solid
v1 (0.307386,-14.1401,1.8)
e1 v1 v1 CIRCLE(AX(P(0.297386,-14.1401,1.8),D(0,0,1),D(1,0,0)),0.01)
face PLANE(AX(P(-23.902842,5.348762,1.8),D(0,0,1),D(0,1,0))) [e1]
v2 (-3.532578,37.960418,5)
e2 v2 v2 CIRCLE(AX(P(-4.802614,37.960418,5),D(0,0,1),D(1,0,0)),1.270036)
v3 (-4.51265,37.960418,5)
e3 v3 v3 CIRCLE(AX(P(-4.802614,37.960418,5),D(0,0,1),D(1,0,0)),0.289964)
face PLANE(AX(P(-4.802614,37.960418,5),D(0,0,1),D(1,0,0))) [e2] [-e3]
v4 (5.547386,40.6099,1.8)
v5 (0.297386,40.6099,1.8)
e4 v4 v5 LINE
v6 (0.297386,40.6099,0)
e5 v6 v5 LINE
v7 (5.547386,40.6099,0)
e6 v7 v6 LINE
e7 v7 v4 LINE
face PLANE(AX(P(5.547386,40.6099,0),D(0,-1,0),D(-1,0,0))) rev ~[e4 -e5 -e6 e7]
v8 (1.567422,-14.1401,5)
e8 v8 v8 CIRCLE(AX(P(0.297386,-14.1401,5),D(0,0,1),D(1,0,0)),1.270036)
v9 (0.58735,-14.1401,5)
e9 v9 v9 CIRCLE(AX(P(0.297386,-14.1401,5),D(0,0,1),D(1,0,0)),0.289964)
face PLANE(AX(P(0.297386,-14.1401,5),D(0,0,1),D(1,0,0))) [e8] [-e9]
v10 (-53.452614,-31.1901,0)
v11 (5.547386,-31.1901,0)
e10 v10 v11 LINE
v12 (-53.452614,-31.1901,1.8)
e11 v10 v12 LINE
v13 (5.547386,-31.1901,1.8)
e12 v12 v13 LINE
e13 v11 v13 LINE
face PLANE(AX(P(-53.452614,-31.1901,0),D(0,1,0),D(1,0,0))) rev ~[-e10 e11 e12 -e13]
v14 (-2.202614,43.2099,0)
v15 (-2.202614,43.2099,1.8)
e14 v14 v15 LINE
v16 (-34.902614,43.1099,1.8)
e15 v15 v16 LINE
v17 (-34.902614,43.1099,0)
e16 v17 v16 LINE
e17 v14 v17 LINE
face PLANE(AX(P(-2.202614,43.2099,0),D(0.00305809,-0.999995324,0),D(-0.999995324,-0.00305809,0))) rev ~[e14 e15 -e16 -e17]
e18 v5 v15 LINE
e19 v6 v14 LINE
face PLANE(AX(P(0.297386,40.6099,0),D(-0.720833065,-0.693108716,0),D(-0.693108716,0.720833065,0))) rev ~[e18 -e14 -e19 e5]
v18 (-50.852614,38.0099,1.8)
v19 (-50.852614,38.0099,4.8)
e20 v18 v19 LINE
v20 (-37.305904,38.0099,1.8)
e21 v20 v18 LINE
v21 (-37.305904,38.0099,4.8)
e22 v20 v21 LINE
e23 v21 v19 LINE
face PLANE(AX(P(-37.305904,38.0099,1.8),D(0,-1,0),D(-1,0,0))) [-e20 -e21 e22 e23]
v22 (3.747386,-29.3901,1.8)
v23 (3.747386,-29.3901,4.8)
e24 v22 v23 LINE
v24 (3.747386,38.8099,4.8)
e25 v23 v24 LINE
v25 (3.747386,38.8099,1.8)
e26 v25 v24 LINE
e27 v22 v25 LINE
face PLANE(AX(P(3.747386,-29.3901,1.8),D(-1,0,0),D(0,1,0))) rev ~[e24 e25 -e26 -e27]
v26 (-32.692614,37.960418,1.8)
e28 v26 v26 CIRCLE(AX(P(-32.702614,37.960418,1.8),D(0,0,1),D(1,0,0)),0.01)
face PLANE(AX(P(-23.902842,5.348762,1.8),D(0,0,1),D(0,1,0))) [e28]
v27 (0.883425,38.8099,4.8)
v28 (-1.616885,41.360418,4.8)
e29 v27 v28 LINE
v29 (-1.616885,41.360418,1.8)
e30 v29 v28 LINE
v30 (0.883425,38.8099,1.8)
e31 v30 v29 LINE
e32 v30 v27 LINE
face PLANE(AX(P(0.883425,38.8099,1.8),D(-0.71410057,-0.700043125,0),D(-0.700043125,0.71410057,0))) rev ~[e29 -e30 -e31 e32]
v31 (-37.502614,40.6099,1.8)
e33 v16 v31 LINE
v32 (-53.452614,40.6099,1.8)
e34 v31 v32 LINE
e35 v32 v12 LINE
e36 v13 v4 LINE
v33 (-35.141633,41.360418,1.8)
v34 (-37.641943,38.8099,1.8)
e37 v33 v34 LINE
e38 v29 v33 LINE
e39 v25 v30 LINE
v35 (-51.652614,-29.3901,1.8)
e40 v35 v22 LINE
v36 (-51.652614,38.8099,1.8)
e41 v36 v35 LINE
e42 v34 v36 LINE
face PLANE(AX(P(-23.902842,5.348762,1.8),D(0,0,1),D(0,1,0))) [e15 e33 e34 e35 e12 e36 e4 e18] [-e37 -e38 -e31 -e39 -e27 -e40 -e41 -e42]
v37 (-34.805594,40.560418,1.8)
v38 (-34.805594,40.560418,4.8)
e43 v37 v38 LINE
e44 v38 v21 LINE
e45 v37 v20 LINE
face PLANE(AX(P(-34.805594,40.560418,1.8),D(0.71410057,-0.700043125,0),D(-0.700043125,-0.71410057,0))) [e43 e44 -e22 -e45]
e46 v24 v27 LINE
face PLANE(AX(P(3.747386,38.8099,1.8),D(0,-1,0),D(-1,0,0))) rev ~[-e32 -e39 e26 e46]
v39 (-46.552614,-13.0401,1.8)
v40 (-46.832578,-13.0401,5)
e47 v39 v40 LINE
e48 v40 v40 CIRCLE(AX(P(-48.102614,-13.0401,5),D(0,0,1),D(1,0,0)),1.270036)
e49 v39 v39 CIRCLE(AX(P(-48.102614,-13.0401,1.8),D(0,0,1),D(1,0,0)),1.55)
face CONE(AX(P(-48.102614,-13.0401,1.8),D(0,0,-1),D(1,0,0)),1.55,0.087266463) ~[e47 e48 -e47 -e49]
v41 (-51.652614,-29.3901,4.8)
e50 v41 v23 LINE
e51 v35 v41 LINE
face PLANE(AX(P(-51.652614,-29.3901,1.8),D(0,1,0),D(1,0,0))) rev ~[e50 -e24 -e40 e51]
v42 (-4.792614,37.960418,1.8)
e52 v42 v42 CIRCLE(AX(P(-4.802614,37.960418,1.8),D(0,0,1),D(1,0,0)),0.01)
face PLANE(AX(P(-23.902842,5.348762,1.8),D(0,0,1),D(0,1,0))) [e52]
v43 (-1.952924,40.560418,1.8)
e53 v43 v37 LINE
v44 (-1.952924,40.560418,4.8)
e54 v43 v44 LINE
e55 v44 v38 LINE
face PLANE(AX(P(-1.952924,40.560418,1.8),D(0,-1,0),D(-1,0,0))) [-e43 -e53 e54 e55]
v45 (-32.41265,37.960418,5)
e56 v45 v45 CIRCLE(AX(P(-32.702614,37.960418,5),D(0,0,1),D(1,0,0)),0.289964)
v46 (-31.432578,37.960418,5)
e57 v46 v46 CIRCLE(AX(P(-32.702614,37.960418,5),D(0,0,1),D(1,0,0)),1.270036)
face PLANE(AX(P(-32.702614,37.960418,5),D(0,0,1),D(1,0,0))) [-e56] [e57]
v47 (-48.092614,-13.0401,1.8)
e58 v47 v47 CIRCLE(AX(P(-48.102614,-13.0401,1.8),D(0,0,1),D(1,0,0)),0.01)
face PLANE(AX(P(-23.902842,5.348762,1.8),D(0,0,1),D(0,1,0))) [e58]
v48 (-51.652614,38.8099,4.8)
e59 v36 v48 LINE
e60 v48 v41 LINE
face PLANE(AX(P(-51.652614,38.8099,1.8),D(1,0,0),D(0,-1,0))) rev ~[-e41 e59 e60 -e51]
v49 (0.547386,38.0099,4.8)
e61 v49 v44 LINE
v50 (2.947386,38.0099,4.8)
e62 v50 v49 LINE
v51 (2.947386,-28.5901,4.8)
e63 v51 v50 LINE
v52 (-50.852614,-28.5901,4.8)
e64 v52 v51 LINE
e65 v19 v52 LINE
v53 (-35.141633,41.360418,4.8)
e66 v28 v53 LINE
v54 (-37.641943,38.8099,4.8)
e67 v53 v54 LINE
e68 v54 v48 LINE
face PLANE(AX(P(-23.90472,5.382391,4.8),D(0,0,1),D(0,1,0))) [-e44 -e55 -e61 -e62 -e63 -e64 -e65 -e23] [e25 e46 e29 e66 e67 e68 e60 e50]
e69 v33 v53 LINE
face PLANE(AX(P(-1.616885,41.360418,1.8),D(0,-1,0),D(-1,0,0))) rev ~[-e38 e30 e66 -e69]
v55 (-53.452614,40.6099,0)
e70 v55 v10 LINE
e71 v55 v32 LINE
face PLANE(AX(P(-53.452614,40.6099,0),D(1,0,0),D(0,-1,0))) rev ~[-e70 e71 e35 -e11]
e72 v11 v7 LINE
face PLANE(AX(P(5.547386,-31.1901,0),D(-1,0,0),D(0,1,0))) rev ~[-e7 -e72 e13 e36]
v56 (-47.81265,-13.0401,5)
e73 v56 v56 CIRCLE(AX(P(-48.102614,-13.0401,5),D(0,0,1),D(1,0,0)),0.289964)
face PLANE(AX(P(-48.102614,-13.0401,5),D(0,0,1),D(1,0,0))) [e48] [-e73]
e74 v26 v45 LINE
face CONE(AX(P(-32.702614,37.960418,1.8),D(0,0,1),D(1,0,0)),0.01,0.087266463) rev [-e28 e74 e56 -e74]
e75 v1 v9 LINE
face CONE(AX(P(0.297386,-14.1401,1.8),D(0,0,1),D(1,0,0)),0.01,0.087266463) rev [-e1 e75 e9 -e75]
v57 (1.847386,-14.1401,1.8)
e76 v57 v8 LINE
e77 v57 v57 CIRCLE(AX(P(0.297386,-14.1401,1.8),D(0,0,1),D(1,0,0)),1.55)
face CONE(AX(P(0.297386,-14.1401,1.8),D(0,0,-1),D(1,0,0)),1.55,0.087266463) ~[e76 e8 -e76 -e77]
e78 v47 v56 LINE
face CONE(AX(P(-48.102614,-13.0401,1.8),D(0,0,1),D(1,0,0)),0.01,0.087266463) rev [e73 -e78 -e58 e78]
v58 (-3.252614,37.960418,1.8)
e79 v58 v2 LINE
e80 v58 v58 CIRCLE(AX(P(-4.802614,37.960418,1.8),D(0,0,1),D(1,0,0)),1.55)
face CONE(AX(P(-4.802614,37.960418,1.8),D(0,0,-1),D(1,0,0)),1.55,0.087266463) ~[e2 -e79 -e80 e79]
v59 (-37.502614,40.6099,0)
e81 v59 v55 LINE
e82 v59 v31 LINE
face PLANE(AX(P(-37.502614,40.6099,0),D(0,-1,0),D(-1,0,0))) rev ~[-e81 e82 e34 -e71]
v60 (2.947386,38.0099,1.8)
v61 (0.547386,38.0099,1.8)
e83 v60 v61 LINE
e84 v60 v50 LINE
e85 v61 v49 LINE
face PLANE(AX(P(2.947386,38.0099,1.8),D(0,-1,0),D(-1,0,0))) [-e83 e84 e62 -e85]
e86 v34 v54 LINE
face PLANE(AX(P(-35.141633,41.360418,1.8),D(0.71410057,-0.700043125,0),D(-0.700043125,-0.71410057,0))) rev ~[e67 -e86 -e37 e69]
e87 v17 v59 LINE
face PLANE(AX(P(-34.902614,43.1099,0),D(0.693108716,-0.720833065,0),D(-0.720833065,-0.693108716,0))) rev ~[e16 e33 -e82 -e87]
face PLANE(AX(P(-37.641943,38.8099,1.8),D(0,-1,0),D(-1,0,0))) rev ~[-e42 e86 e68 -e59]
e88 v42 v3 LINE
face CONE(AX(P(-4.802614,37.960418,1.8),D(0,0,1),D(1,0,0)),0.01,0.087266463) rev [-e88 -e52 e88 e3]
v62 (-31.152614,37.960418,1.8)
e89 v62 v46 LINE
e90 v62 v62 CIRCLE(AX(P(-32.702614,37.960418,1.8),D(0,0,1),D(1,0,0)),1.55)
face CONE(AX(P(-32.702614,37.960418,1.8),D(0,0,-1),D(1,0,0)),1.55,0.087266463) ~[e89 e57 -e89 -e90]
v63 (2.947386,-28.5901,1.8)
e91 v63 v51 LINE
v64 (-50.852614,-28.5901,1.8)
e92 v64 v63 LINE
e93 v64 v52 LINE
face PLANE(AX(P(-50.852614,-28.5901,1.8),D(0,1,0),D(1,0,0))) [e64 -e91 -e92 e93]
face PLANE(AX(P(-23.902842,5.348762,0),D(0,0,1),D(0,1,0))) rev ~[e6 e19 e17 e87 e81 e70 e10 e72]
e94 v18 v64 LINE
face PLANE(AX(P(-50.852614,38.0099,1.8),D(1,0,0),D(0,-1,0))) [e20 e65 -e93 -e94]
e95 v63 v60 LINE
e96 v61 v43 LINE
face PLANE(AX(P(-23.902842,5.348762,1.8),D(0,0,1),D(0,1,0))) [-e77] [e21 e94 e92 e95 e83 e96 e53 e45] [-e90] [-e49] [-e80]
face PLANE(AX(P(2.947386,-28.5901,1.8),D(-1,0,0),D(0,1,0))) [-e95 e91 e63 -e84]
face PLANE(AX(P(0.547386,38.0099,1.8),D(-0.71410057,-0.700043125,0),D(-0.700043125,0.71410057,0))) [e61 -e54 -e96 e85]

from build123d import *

# Parameters (mm, degrees)
BOSS_EXTRUDE1_DEPTH           = 1.8
EXTRUDE_THIN1_START           = 1.8
EXTRUDE_THIN1_DEPTH           = 3
SKETCH7_R                     = 1.55
SKETCH7_R_2                   = 0.01
EXTRUDE_THIN2_DEPTH           = 3.2
EXTRUDE_THIN2_DRAFT           = 5
EXTRUDE_THIN2_PROFILE_2_DEPTH = 3.2
EXTRUDE_THIN2_PROFILE_2_DRAFT = 5
EXTRUDE_THIN2_PROFILE_3_DEPTH = 3.2
EXTRUDE_THIN2_PROFILE_3_DRAFT = 5
EXTRUDE_THIN2_PROFILE_4_DEPTH = 3.2
EXTRUDE_THIN2_PROFILE_4_DRAFT = 5


with BuildPart() as part:
    # Sketch1 → Boss-Extrude1 (new body)
    with BuildSketch(Plane(origin=(0, 0, 0), x_dir=(0, 1, 0), z_dir=(0, 0, 1))):
        Polygon((40.609900374, 53.452613812), (-31.190099626, 53.452613812), (-31.190099626, -5.547386188), (40.609900374, -5.547386188), (40.609900374, -0.297386188), (43.209900374, 2.202613812), (43.109900374, 34.902613812), (40.609900374, 37.502613812), align=None)
    extrude(amount=BOSS_EXTRUDE1_DEPTH)

    # Sketch5 → Extrude-Thin1 (add)
    with BuildSketch(Plane(origin=(0, 0, 0), x_dir=(0, 1, 0), z_dir=(0, 0, 1)).offset(EXTRUDE_THIN1_START)):
        Polygon((-29.390099626, 51.652613812), (-29.390099626, -3.747386188), (38.809900374, -3.747386188), (38.809900374, -0.88342499), (41.360418353, 1.616884702), (41.360418353, 35.141633158), (38.809900374, 37.64194285), (38.809900374, 51.652613812), align=None)
        Polygon((-28.590099626, 50.852613812), (-28.590099626, -2.947386188), (38.009900374, -2.947386188), (38.009900374, -0.547386188), (40.560418353, 1.952923505), (40.560418353, 34.805594355), (38.009900374, 37.305904047), (38.009900374, 50.852613812), align=None, mode=Mode.SUBTRACT)
    extrude(amount=EXTRUDE_THIN1_DEPTH)


with BuildPart() as extrude_thin2_tool:
    # Sketch7 → Extrude-Thin2 (with draft: the straight prism first)
    with BuildSketch(Plane.XY.offset(1.8)):
        with Locations((-4.802613812, 37.960418353)):
            Circle(SKETCH7_R)
        with Locations((-4.802613812, 37.960418353)):
            Circle(SKETCH7_R_2, mode=Mode.SUBTRACT)
    extrude(amount=EXTRUDE_THIN2_DEPTH)
    # Extrude-Thin2: the draft: its side faces are tilted about the plane it starts from
    extrude_thin2_sides = [extrude_thin2_tool.faces().sort_by_distance(p)[0] for p in [
        (-6.352613812, 37.960418353, 3.4),
        (-4.812613812, 37.960418353, 3.4),
    ]]
    draft(extrude_thin2_sides, Plane.XY.offset(1.8), EXTRUDE_THIN2_DRAFT)


with BuildPart() as part_1:
    add(part.part)

    # Extrude-Thin2: add extrude_thin2_tool
    add(extrude_thin2_tool.part)


with BuildPart() as extrude_thin2_profile_2_tool:
    # Sketch7 → Extrude-Thin2 profile 2 (with draft: the straight prism first)
    with BuildSketch(Plane.XY.offset(1.8)):
        with Locations((-32.702613812, 37.960418353)):
            Circle(SKETCH7_R)
        with Locations((-32.702613812, 37.960418353)):
            Circle(SKETCH7_R_2, mode=Mode.SUBTRACT)
    extrude(amount=EXTRUDE_THIN2_PROFILE_2_DEPTH)
    # Extrude-Thin2 profile 2: the draft: its side faces are tilted about the plane it starts from
    extrude_thin2_profile_2_sides = [extrude_thin2_profile_2_tool.faces().sort_by_distance(p)[0] for p in [
        (-34.252613812, 37.960418353, 3.4),
        (-32.712613812, 37.960418353, 3.4),
    ]]
    draft(extrude_thin2_profile_2_sides, Plane.XY.offset(1.8), EXTRUDE_THIN2_PROFILE_2_DRAFT)


with BuildPart() as part_2:
    add(part_1.part)

    # Extrude-Thin2 profile 2: add extrude_thin2_profile_2_tool
    add(extrude_thin2_profile_2_tool.part)


with BuildPart() as extrude_thin2_profile_3_tool:
    # Sketch7 → Extrude-Thin2 profile 3 (with draft: the straight prism first)
    with BuildSketch(Plane.XY.offset(1.8)):
        with Locations((0.297386188, -14.140099626)):
            Circle(SKETCH7_R)
        with Locations((0.297386188, -14.140099626)):
            Circle(SKETCH7_R_2, mode=Mode.SUBTRACT)
    extrude(amount=EXTRUDE_THIN2_PROFILE_3_DEPTH)
    # Extrude-Thin2 profile 3: the draft: its side faces are tilted about the plane it starts from
    extrude_thin2_profile_3_sides = [extrude_thin2_profile_3_tool.faces().sort_by_distance(p)[0] for p in [
        (-1.252613812, -14.140099626, 3.4),
        (0.287386188, -14.140099626, 3.4),
    ]]
    draft(extrude_thin2_profile_3_sides, Plane.XY.offset(1.8), EXTRUDE_THIN2_PROFILE_3_DRAFT)


with BuildPart() as part_3:
    add(part_2.part)

    # Extrude-Thin2 profile 3: add extrude_thin2_profile_3_tool
    add(extrude_thin2_profile_3_tool.part)


with BuildPart() as extrude_thin2_profile_4_tool:
    # Sketch7 → Extrude-Thin2 profile 4 (with draft: the straight prism first)
    with BuildSketch(Plane.XY.offset(1.8)):
        with Locations((-48.102613812, -13.040099626)):
            Circle(SKETCH7_R)
        with Locations((-48.102613812, -13.040099626)):
            Circle(SKETCH7_R_2, mode=Mode.SUBTRACT)
    extrude(amount=EXTRUDE_THIN2_PROFILE_4_DEPTH)
    # Extrude-Thin2 profile 4: the draft: its side faces are tilted about the plane it starts from
    extrude_thin2_profile_4_sides = [extrude_thin2_profile_4_tool.faces().sort_by_distance(p)[0] for p in [
        (-49.652613812, -13.040099626, 3.4),
        (-48.112613812, -13.040099626, 3.4),
    ]]
    draft(extrude_thin2_profile_4_sides, Plane.XY.offset(1.8), EXTRUDE_THIN2_PROFILE_4_DRAFT)


with BuildPart() as part_4:
    add(part_3.part)

    # Extrude-Thin2 profile 4: add extrude_thin2_profile_4_tool
    add(extrude_thin2_profile_4_tool.part)


solid = part_4.part
